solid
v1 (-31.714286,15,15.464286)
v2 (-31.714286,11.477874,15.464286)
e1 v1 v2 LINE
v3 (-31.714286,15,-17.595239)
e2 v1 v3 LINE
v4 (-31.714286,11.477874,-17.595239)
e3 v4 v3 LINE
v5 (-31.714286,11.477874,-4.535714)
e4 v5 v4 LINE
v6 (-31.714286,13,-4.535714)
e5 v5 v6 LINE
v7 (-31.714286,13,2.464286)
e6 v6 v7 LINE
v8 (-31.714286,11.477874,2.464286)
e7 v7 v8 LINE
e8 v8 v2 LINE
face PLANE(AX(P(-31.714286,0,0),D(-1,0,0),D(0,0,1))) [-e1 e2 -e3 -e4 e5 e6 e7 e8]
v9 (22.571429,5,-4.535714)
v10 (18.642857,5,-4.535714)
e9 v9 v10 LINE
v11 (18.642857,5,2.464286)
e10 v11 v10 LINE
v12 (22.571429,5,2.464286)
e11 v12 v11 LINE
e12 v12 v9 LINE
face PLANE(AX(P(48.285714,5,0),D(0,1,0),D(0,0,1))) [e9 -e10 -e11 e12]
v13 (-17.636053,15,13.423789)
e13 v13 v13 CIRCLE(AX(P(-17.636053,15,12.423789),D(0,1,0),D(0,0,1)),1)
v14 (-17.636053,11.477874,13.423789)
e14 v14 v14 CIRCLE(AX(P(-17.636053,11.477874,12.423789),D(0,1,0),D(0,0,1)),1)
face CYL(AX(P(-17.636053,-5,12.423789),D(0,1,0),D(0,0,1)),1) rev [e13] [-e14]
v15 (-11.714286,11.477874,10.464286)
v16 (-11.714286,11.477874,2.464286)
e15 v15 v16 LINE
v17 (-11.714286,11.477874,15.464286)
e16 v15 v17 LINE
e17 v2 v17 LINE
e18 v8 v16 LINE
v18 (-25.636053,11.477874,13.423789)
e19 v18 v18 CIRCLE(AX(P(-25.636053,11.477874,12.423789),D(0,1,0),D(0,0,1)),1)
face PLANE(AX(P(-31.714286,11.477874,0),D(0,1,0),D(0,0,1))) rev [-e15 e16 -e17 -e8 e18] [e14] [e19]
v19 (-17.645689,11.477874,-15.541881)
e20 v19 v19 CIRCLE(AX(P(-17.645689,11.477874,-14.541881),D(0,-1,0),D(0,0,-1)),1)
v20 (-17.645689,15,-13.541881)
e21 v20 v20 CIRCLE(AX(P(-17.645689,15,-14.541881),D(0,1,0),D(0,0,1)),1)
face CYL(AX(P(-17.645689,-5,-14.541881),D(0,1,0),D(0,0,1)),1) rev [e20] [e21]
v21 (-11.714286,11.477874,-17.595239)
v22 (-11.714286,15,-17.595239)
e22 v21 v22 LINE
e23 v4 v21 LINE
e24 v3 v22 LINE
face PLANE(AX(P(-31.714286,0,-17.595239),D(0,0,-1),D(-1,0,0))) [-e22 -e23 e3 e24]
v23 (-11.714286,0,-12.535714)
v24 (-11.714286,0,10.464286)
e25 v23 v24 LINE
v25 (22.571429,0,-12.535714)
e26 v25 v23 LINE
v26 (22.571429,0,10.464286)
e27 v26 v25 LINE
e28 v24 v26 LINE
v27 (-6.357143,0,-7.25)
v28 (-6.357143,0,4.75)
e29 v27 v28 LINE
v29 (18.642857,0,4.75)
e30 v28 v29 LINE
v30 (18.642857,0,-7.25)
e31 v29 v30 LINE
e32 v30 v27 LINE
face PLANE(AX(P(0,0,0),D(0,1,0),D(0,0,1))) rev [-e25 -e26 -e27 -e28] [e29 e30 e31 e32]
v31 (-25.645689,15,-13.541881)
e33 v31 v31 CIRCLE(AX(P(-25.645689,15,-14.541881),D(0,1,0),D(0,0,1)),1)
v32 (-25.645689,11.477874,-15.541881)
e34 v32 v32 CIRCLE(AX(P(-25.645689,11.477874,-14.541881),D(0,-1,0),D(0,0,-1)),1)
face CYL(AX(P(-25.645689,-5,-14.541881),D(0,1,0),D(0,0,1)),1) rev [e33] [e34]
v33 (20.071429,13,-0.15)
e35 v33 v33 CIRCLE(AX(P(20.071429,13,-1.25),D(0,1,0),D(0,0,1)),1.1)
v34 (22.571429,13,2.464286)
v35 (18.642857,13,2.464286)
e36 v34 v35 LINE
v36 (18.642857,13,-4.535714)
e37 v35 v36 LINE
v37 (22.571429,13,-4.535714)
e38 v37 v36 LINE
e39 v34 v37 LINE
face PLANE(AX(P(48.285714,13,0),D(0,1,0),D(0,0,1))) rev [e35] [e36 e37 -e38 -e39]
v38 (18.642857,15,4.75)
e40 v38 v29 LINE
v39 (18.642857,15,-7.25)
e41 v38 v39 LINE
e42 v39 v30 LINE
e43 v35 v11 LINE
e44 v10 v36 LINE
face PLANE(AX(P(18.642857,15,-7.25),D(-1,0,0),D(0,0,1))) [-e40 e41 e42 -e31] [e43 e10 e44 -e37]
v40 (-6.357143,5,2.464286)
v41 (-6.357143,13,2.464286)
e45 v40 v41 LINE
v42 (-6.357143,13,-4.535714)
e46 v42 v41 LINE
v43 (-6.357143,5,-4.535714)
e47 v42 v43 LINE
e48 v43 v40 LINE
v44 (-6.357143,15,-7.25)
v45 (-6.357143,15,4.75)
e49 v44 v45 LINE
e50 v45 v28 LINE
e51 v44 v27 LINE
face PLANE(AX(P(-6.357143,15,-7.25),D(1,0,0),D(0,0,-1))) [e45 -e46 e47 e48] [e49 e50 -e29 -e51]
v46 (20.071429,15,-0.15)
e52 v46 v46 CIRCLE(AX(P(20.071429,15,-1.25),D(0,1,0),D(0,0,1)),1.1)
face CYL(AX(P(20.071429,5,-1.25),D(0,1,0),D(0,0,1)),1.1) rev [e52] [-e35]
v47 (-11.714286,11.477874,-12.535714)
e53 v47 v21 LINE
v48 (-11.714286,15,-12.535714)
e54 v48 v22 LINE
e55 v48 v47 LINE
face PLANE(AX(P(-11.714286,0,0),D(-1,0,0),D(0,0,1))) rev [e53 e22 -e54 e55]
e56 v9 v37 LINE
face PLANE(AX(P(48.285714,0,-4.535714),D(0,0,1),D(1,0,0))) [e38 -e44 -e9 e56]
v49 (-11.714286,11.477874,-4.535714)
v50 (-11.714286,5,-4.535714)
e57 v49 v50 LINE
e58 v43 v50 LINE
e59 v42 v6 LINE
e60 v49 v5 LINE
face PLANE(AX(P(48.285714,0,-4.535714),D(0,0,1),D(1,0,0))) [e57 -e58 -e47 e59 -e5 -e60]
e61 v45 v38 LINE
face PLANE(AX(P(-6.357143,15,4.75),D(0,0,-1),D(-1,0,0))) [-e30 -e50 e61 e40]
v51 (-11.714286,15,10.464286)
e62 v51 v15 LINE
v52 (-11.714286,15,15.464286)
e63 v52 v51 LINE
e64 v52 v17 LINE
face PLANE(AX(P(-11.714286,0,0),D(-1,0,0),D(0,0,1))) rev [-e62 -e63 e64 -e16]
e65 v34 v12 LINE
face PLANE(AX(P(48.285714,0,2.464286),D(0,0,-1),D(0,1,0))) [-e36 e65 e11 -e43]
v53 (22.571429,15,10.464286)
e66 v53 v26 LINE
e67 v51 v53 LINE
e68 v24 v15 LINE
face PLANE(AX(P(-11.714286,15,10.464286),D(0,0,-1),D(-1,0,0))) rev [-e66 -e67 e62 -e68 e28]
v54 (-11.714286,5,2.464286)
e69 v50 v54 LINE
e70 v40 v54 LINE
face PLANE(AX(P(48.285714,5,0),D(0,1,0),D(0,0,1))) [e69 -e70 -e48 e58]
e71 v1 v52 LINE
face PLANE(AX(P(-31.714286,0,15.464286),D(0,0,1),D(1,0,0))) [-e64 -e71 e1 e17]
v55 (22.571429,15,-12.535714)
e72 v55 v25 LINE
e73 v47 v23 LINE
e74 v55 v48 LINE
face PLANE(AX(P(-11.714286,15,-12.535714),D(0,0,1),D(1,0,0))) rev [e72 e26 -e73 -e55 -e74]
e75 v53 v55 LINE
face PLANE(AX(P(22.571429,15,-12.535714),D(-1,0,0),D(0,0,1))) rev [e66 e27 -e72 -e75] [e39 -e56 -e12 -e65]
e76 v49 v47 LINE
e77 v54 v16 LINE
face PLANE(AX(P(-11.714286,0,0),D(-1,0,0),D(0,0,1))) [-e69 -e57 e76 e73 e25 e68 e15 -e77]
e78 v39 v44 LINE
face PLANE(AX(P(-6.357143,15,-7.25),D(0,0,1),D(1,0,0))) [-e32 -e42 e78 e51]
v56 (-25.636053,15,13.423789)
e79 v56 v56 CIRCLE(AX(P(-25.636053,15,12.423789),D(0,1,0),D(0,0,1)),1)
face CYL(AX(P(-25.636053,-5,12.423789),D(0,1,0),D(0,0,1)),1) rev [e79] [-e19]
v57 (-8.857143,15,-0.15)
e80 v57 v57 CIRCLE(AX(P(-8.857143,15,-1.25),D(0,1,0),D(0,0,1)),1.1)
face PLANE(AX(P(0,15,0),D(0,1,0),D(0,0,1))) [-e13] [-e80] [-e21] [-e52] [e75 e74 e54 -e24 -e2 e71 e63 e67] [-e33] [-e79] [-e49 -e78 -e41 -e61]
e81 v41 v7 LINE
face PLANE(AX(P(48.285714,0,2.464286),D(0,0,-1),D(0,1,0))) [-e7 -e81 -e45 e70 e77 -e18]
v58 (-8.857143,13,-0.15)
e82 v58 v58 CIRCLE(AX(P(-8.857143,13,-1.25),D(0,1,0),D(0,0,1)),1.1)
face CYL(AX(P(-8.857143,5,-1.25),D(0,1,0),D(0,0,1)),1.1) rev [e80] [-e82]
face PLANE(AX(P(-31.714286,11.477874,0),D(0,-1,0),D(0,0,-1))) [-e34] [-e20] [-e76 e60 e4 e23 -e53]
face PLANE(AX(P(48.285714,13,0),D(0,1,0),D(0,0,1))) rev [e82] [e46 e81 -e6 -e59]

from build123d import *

# Parameters (mm, degrees)
ESQUISSE1_W             = 34.285714285
ESQUISSE1_H             = 23
ESQUISSE1_W_2           = 25
ESQUISSE1_H_2           = 12
BOSS_EXTRU_1_DEPTH      = 15
ESQUISSE2_W             = 7
ESQUISSE2_H             = 8
ENL_V_MAT_EXTRU_1_DEPTH = 60
ESQUISSE3_R             = 1.1
ENL_V_MAT_EXTRU_2_DEPTH = 10
ESQUISSE4_W             = 7
ESQUISSE4_H             = 8
BOSS_EXTRU_2_DEPTH      = 20
ESQUISSE7_W             = 23
ESQUISSE7_H             = 11.477873567
ENL_V_MAT_EXTRU_3_DEPTH = 20
ESQUISSE6_R             = 1
ENL_V_MAT_EXTRU_4_DEPTH = 20


with BuildPart() as part:
    # Esquisse1 → Boss.-Extru.1 (new body)
    with BuildSketch(Plane(origin=(0, 0, 0), x_dir=(1, 0, 0), z_dir=(0, 1, 0))):
        with Locations((5.428571429, 1.035714286)):
            Rectangle(ESQUISSE1_W, ESQUISSE1_H)
        with Locations((6.142857143, 1.25)):
            Rectangle(ESQUISSE1_W_2, ESQUISSE1_H_2, mode=Mode.SUBTRACT)
    extrude(amount=BOSS_EXTRU_1_DEPTH)

    # Esquisse2 → Enlèv. mat.-Extru.1 (cut)
    with BuildSketch(Plane.ZY.offset(11.714285714)):
        with Locations((-1.035714286, 9)):
            Rectangle(ESQUISSE2_W, ESQUISSE2_H)
    extrude(amount=-ENL_V_MAT_EXTRU_1_DEPTH, mode=Mode.SUBTRACT)

    # Esquisse3 → Enlèv. mat.-Extru.2 (cut)
    with BuildSketch(Plane(origin=(0, 15, 0), x_dir=(1, 0, 0), z_dir=(0, 1, 0))):
        with Locations(Location((-8.857142857, 1.25, 0), (0, 0, 270))):
            Circle(ESQUISSE3_R)
        with Locations(Location((20.071428571, 1.25, 0), (0, 0, 270))):
            Circle(ESQUISSE3_R)
    extrude(amount=-ENL_V_MAT_EXTRU_2_DEPTH, mode=Mode.SUBTRACT)

    # Esquisse4 → Boss.-Extru.2 (add)
    with BuildSketch(Plane.ZY.offset(11.714285714)):
        Polygon((-12.535714286, 11.477873567), (-12.535714286, 0), (10.464285714, 0), (10.464285714, 11.477873567), (15.464285714, 11.477873567), (15.464285714, 15), (-17.595238813, 15), (-17.595238813, 11.477873567), align=None)
        with Locations((-1.035714286, 9)):
            Rectangle(ESQUISSE4_W, ESQUISSE4_H, mode=Mode.SUBTRACT)
    extrude(amount=BOSS_EXTRU_2_DEPTH)

    # Esquisse7 → Enlèv. mat.-Extru.3 (cut)
    with BuildSketch(Plane.ZY.offset(31.714285714)):
        with Locations((-1.035714286, 5.738936784)):
            Rectangle(ESQUISSE7_W, ESQUISSE7_H)
    extrude(amount=-ENL_V_MAT_EXTRU_3_DEPTH, mode=Mode.SUBTRACT)

    # Esquisse6 → Enlèv. mat.-Extru.4 (cut)
    with BuildSketch(Plane(origin=(0, 15, 0), x_dir=(1, 0, 0), z_dir=(0, 1, 0))):
        with Locations(Location((-25.64568933, 14.541881164, 0), (0, 0, 270))):
            Circle(ESQUISSE6_R)
        with Locations(Location((-17.64568933, 14.541881164, 0), (0, 0, 270))):
            Circle(ESQUISSE6_R)
        with Locations(Location((-25.636053252, -12.423788749, 0), (0, 0, 270))):
            Circle(ESQUISSE6_R)
        with Locations(Location((-17.636053252, -12.423788749, 0), (0, 0, 270))):
            Circle(ESQUISSE6_R)
    extrude(amount=-ENL_V_MAT_EXTRU_4_DEPTH, mode=Mode.SUBTRACT)


solid = part.part
